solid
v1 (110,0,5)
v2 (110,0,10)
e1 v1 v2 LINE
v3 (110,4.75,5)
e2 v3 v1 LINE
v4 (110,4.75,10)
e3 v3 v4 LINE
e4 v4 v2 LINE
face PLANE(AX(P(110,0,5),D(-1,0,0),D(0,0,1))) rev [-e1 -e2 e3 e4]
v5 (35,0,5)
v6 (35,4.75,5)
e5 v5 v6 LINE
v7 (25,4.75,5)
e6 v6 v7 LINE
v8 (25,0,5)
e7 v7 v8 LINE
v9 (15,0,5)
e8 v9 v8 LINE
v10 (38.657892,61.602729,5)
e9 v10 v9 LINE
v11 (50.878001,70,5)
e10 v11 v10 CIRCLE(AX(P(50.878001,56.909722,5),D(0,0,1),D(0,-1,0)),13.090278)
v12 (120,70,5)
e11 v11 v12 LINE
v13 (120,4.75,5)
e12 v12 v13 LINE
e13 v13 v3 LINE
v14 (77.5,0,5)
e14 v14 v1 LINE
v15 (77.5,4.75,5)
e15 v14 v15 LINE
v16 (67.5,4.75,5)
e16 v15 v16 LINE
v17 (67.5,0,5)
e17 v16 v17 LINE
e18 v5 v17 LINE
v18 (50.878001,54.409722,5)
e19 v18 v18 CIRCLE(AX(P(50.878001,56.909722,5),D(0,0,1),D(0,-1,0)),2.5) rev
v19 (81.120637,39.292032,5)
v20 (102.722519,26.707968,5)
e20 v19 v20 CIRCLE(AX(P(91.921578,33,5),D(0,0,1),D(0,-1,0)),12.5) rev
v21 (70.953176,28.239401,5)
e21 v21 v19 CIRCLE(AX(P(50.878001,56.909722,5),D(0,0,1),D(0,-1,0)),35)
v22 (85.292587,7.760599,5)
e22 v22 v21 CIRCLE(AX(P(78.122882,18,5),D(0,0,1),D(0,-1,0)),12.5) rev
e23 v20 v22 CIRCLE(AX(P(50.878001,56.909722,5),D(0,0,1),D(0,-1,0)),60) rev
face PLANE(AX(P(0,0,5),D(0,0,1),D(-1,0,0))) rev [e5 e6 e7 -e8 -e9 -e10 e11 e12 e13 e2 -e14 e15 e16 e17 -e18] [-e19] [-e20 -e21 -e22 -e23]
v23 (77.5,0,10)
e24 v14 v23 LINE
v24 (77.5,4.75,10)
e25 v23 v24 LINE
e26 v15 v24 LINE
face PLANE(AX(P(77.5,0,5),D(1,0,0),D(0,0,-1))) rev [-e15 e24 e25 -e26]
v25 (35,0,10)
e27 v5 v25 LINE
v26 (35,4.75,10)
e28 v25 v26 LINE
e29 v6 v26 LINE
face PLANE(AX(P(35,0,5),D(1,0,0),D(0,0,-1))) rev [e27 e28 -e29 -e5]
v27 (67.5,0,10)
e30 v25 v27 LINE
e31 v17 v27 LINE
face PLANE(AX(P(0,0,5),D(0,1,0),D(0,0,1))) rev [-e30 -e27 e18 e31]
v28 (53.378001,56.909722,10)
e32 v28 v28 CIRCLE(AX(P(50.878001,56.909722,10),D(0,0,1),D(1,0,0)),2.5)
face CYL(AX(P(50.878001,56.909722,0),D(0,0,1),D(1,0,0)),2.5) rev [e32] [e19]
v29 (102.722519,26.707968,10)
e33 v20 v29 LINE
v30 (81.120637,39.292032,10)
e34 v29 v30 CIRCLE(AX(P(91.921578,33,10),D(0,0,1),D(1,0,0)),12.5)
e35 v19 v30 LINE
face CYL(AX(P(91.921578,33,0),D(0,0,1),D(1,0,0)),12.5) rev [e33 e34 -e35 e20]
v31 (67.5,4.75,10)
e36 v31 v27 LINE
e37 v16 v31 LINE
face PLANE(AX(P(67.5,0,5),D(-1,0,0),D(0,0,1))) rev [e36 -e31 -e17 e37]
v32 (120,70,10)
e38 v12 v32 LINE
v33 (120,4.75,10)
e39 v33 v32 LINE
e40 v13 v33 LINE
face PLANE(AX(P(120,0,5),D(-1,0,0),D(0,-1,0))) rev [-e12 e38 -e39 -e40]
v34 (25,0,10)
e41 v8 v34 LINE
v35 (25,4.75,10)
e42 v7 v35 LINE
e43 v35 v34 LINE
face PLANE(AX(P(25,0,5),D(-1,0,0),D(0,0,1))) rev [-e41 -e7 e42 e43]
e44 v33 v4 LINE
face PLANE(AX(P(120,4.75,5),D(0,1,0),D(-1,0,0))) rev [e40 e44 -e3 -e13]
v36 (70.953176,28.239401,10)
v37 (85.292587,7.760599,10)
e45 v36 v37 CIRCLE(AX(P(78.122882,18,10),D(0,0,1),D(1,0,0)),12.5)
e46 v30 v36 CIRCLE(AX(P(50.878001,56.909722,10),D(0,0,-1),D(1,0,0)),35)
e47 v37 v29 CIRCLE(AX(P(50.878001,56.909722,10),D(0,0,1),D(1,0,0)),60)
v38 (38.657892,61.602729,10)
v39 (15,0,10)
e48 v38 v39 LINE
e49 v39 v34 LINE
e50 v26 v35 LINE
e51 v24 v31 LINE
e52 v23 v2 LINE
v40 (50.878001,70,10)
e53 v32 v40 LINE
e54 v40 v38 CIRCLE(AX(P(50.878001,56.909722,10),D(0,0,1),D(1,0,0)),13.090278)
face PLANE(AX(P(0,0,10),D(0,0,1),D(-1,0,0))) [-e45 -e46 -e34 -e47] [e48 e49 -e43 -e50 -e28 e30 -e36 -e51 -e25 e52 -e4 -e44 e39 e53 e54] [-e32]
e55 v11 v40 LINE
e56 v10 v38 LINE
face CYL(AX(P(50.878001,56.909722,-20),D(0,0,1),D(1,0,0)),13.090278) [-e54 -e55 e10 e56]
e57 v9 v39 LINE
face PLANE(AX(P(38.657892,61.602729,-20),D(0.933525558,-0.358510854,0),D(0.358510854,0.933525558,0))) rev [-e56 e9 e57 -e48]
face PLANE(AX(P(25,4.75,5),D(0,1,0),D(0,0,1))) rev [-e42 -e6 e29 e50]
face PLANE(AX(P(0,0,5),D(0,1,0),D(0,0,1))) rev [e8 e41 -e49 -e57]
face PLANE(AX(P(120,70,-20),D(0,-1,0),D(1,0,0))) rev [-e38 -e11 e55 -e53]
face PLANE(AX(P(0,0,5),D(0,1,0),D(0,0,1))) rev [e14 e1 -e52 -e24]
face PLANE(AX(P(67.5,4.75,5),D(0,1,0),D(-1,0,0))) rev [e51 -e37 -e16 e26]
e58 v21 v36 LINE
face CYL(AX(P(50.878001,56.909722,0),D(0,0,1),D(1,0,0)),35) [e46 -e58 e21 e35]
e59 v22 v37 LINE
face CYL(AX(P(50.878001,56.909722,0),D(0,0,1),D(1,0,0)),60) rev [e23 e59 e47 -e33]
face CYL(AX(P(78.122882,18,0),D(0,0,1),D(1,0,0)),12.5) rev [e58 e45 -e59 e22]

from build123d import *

# Parameters (mm, degrees)
SKETCH1_W           = 120
SKETCH1_H           = 100
BOSS_EXTRUDE1_DEPTH = 5
SKETCH2_R           = 2.5
CUT_EXTRUDE1_DEPTH  = 6
SKETCH3_W           = 120
SKETCH3_H           = 2
BOSS_EXTRUDE2_DEPTH = 20
CUT_EXTRUDE2_DEPTH  = 26
CUT_EXTRUDE3_DEPTH  = 26
SKETCH6_W           = 5
SKETCH6_H           = 30
BOSS_EXTRUDE3_DEPTH = 20
CUT_EXTRUDE4_DEPTH  = 106
SKETCH10_W          = 27.884556649
SKETCH10_H          = 70
CUT_EXTRUDE5_DEPTH  = 106
SKETCH11_W          = 20
SKETCH11_H          = 30
CUT_EXTRUDE6_DEPTH  = 106
SKETCH12_W          = 10
SKETCH12_H          = 4.75
CUT_EXTRUDE7_DEPTH  = 6


with BuildPart() as part:
    # Sketch1 → Boss-Extrude1 (new body)
    with BuildSketch(Plane.XY):
        with Locations((60, 50)):
            Rectangle(SKETCH1_W, SKETCH1_H)
    boss_extrude1 = extrude(amount=BOSS_EXTRUDE1_DEPTH)

    # Sketch2 → Cut-Extrude1 (cut, through all)
    with BuildSketch(Plane.XY.offset(5)):
        with Locations((50.878001036, 56.909722104)):
            Circle(SKETCH2_R)
        with BuildLine():
            ThreePointArc((85.292587217, 7.760599446), (95.03577446, 16.288409394), (102.722518982, 26.707967867))
            ThreePointArc((102.722518982, 26.707967867), (98.213609876, 43.800941239), (81.120636505, 39.292032133))
            ThreePointArc((81.120636505, 39.292032133), (76.6367022, 33.213956356), (70.953176308, 28.239400554))
            ThreePointArc((70.953176308, 28.239400554), (67.883481209, 10.830294546), (85.292587217, 7.760599446))
        make_face()
    cut_extrude1 = extrude(amount=-CUT_EXTRUDE1_DEPTH, mode=Mode.SUBTRACT)

    # Sketch3 → Boss-Extrude2 (add)
    with BuildSketch(Plane(origin=(0, 0, 0), x_dir=(-1, 0, 0), z_dir=(0, 0, -1))):
        with Locations((-60, 1)):
            Rectangle(SKETCH3_W, SKETCH3_H)
    boss_extrude2 = extrude(amount=BOSS_EXTRUDE2_DEPTH)

    # Sketch4 → Cut-Extrude2 (cut, through all)
    with BuildSketch(Plane.XY.offset(5)):
        with BuildLine():
            ThreePointArc((71.705399269, 35.987211382), (76.514173113, 43.433069144), (75.177144341, 52.195343835))
            ThreePointArc((75.177144341, 52.195343835), (71.771162127, 53.143650303), (70.822855659, 49.737668089))
            ThreePointArc((70.822855659, 49.737668089), (71.625072922, 44.480303275), (68.739808616, 40.012788618))
            ThreePointArc((68.739808616, 40.012788618), (68.209815325, 36.517204673), (71.705399269, 35.987211382))
        make_face()
    extrude(amount=-CUT_EXTRUDE2_DEPTH, mode=Mode.SUBTRACT)

    # Sketch5 → Cut-Extrude3 (cut, through all)
    with BuildSketch(Plane.XY.offset(5)):
        with BuildLine():
            Line((120, 70), (50.878001036, 70))
            ThreePointArc((50.878001036, 70), (43.464411706, 67.698330385), (38.657892056, 61.602728806))
            Line((38.657892056, 61.602728806), (15, 0))
            Line((15, 0), (0, 0))
            Line((0, 0), (0, 100))
            Line((0, 100), (120, 100))
            Line((120, 100), (120, 70))
        make_face()
    cut_extrude3 = extrude(amount=-CUT_EXTRUDE3_DEPTH, mode=Mode.SUBTRACT)

    # Sketch6 → Boss-Extrude3 (add, through all)
    with BuildSketch(Plane(origin=(0, 0, 0), x_dir=(-1, 0, 0), z_dir=(0, 0, -1))):
        with Locations((-117.5, 15)):
            Rectangle(SKETCH6_W, SKETCH6_H)
        with Locations((-32.5, 15)):
            Rectangle(SKETCH6_W, SKETCH6_H)
    boss_extrude3 = extrude(amount=BOSS_EXTRUDE3_DEPTH)

    # Sketch9 → Cut-Extrude4 (cut, through all)
    with BuildSketch(Plane(origin=(120, 0, 0), x_dir=(0, 0, -1), z_dir=(1, 0, 0))):
        Polygon((0, 30), (20, 0), (20, 30), align=None)
    cut_extrude4 = extrude(amount=-CUT_EXTRUDE4_DEPTH, mode=Mode.SUBTRACT)

    # Mirror1: Boss-Extrude1, Cut-Extrude1, Boss-Extrude2, Cut-Extrude3, Boss-Extrude3, Cut-Extrude4 across plane
    add(boss_extrude1.mirror(Plane(origin=(0, 0, 5), x_dir=(1, 0, 0), z_dir=(0, 0, -1))))
    add(cut_extrude1.mirror(Plane(origin=(0, 0, 5), x_dir=(1, 0, 0), z_dir=(0, 0, -1))), mode=Mode.SUBTRACT)
    add(boss_extrude2.mirror(Plane(origin=(0, 0, 5), x_dir=(1, 0, 0), z_dir=(0, 0, -1))))
    add(cut_extrude3.mirror(Plane(origin=(0, 0, 5), x_dir=(1, 0, 0), z_dir=(0, 0, -1))), mode=Mode.SUBTRACT)
    add(boss_extrude3.mirror(Plane(origin=(0, 0, 5), x_dir=(1, 0, 0), z_dir=(0, 0, -1))))
    add(cut_extrude4.mirror(Plane(origin=(0, 0, 5), x_dir=(1, 0, 0), z_dir=(0, 0, -1))), mode=Mode.SUBTRACT)

    # Sketch10 → Cut-Extrude5 (cut, through all)
    with BuildSketch(Plane(origin=(120, 0, 0), x_dir=(0, 0, -1), z_dir=(1, 0, 0))):
        with Locations((8.942278325, 35)):
            Rectangle(SKETCH10_W, SKETCH10_H)
    extrude(amount=-CUT_EXTRUDE5_DEPTH, mode=Mode.SUBTRACT)

    # Sketch11 → Cut-Extrude6 (cut, through all)
    with BuildSketch(Plane(origin=(120, 0, 0), x_dir=(0, 0, -1), z_dir=(1, 0, 0))):
        with Locations((-20, 15)):
            Rectangle(SKETCH11_W, SKETCH11_H)
    extrude(amount=-CUT_EXTRUDE6_DEPTH, mode=Mode.SUBTRACT)

    # Sketch12 → Cut-Extrude7 (cut, through all)
    with BuildSketch(Plane.XY.offset(10)):
        with Locations((115, 2.375)):
            Rectangle(SKETCH12_W, SKETCH12_H)
        with Locations((72.5, 2.375)):
            Rectangle(SKETCH12_W, SKETCH12_H)
        with Locations((30, 2.375)):
            Rectangle(SKETCH12_W, SKETCH12_H)
    extrude(amount=-CUT_EXTRUDE7_DEPTH, mode=Mode.SUBTRACT)


solid = part.part
